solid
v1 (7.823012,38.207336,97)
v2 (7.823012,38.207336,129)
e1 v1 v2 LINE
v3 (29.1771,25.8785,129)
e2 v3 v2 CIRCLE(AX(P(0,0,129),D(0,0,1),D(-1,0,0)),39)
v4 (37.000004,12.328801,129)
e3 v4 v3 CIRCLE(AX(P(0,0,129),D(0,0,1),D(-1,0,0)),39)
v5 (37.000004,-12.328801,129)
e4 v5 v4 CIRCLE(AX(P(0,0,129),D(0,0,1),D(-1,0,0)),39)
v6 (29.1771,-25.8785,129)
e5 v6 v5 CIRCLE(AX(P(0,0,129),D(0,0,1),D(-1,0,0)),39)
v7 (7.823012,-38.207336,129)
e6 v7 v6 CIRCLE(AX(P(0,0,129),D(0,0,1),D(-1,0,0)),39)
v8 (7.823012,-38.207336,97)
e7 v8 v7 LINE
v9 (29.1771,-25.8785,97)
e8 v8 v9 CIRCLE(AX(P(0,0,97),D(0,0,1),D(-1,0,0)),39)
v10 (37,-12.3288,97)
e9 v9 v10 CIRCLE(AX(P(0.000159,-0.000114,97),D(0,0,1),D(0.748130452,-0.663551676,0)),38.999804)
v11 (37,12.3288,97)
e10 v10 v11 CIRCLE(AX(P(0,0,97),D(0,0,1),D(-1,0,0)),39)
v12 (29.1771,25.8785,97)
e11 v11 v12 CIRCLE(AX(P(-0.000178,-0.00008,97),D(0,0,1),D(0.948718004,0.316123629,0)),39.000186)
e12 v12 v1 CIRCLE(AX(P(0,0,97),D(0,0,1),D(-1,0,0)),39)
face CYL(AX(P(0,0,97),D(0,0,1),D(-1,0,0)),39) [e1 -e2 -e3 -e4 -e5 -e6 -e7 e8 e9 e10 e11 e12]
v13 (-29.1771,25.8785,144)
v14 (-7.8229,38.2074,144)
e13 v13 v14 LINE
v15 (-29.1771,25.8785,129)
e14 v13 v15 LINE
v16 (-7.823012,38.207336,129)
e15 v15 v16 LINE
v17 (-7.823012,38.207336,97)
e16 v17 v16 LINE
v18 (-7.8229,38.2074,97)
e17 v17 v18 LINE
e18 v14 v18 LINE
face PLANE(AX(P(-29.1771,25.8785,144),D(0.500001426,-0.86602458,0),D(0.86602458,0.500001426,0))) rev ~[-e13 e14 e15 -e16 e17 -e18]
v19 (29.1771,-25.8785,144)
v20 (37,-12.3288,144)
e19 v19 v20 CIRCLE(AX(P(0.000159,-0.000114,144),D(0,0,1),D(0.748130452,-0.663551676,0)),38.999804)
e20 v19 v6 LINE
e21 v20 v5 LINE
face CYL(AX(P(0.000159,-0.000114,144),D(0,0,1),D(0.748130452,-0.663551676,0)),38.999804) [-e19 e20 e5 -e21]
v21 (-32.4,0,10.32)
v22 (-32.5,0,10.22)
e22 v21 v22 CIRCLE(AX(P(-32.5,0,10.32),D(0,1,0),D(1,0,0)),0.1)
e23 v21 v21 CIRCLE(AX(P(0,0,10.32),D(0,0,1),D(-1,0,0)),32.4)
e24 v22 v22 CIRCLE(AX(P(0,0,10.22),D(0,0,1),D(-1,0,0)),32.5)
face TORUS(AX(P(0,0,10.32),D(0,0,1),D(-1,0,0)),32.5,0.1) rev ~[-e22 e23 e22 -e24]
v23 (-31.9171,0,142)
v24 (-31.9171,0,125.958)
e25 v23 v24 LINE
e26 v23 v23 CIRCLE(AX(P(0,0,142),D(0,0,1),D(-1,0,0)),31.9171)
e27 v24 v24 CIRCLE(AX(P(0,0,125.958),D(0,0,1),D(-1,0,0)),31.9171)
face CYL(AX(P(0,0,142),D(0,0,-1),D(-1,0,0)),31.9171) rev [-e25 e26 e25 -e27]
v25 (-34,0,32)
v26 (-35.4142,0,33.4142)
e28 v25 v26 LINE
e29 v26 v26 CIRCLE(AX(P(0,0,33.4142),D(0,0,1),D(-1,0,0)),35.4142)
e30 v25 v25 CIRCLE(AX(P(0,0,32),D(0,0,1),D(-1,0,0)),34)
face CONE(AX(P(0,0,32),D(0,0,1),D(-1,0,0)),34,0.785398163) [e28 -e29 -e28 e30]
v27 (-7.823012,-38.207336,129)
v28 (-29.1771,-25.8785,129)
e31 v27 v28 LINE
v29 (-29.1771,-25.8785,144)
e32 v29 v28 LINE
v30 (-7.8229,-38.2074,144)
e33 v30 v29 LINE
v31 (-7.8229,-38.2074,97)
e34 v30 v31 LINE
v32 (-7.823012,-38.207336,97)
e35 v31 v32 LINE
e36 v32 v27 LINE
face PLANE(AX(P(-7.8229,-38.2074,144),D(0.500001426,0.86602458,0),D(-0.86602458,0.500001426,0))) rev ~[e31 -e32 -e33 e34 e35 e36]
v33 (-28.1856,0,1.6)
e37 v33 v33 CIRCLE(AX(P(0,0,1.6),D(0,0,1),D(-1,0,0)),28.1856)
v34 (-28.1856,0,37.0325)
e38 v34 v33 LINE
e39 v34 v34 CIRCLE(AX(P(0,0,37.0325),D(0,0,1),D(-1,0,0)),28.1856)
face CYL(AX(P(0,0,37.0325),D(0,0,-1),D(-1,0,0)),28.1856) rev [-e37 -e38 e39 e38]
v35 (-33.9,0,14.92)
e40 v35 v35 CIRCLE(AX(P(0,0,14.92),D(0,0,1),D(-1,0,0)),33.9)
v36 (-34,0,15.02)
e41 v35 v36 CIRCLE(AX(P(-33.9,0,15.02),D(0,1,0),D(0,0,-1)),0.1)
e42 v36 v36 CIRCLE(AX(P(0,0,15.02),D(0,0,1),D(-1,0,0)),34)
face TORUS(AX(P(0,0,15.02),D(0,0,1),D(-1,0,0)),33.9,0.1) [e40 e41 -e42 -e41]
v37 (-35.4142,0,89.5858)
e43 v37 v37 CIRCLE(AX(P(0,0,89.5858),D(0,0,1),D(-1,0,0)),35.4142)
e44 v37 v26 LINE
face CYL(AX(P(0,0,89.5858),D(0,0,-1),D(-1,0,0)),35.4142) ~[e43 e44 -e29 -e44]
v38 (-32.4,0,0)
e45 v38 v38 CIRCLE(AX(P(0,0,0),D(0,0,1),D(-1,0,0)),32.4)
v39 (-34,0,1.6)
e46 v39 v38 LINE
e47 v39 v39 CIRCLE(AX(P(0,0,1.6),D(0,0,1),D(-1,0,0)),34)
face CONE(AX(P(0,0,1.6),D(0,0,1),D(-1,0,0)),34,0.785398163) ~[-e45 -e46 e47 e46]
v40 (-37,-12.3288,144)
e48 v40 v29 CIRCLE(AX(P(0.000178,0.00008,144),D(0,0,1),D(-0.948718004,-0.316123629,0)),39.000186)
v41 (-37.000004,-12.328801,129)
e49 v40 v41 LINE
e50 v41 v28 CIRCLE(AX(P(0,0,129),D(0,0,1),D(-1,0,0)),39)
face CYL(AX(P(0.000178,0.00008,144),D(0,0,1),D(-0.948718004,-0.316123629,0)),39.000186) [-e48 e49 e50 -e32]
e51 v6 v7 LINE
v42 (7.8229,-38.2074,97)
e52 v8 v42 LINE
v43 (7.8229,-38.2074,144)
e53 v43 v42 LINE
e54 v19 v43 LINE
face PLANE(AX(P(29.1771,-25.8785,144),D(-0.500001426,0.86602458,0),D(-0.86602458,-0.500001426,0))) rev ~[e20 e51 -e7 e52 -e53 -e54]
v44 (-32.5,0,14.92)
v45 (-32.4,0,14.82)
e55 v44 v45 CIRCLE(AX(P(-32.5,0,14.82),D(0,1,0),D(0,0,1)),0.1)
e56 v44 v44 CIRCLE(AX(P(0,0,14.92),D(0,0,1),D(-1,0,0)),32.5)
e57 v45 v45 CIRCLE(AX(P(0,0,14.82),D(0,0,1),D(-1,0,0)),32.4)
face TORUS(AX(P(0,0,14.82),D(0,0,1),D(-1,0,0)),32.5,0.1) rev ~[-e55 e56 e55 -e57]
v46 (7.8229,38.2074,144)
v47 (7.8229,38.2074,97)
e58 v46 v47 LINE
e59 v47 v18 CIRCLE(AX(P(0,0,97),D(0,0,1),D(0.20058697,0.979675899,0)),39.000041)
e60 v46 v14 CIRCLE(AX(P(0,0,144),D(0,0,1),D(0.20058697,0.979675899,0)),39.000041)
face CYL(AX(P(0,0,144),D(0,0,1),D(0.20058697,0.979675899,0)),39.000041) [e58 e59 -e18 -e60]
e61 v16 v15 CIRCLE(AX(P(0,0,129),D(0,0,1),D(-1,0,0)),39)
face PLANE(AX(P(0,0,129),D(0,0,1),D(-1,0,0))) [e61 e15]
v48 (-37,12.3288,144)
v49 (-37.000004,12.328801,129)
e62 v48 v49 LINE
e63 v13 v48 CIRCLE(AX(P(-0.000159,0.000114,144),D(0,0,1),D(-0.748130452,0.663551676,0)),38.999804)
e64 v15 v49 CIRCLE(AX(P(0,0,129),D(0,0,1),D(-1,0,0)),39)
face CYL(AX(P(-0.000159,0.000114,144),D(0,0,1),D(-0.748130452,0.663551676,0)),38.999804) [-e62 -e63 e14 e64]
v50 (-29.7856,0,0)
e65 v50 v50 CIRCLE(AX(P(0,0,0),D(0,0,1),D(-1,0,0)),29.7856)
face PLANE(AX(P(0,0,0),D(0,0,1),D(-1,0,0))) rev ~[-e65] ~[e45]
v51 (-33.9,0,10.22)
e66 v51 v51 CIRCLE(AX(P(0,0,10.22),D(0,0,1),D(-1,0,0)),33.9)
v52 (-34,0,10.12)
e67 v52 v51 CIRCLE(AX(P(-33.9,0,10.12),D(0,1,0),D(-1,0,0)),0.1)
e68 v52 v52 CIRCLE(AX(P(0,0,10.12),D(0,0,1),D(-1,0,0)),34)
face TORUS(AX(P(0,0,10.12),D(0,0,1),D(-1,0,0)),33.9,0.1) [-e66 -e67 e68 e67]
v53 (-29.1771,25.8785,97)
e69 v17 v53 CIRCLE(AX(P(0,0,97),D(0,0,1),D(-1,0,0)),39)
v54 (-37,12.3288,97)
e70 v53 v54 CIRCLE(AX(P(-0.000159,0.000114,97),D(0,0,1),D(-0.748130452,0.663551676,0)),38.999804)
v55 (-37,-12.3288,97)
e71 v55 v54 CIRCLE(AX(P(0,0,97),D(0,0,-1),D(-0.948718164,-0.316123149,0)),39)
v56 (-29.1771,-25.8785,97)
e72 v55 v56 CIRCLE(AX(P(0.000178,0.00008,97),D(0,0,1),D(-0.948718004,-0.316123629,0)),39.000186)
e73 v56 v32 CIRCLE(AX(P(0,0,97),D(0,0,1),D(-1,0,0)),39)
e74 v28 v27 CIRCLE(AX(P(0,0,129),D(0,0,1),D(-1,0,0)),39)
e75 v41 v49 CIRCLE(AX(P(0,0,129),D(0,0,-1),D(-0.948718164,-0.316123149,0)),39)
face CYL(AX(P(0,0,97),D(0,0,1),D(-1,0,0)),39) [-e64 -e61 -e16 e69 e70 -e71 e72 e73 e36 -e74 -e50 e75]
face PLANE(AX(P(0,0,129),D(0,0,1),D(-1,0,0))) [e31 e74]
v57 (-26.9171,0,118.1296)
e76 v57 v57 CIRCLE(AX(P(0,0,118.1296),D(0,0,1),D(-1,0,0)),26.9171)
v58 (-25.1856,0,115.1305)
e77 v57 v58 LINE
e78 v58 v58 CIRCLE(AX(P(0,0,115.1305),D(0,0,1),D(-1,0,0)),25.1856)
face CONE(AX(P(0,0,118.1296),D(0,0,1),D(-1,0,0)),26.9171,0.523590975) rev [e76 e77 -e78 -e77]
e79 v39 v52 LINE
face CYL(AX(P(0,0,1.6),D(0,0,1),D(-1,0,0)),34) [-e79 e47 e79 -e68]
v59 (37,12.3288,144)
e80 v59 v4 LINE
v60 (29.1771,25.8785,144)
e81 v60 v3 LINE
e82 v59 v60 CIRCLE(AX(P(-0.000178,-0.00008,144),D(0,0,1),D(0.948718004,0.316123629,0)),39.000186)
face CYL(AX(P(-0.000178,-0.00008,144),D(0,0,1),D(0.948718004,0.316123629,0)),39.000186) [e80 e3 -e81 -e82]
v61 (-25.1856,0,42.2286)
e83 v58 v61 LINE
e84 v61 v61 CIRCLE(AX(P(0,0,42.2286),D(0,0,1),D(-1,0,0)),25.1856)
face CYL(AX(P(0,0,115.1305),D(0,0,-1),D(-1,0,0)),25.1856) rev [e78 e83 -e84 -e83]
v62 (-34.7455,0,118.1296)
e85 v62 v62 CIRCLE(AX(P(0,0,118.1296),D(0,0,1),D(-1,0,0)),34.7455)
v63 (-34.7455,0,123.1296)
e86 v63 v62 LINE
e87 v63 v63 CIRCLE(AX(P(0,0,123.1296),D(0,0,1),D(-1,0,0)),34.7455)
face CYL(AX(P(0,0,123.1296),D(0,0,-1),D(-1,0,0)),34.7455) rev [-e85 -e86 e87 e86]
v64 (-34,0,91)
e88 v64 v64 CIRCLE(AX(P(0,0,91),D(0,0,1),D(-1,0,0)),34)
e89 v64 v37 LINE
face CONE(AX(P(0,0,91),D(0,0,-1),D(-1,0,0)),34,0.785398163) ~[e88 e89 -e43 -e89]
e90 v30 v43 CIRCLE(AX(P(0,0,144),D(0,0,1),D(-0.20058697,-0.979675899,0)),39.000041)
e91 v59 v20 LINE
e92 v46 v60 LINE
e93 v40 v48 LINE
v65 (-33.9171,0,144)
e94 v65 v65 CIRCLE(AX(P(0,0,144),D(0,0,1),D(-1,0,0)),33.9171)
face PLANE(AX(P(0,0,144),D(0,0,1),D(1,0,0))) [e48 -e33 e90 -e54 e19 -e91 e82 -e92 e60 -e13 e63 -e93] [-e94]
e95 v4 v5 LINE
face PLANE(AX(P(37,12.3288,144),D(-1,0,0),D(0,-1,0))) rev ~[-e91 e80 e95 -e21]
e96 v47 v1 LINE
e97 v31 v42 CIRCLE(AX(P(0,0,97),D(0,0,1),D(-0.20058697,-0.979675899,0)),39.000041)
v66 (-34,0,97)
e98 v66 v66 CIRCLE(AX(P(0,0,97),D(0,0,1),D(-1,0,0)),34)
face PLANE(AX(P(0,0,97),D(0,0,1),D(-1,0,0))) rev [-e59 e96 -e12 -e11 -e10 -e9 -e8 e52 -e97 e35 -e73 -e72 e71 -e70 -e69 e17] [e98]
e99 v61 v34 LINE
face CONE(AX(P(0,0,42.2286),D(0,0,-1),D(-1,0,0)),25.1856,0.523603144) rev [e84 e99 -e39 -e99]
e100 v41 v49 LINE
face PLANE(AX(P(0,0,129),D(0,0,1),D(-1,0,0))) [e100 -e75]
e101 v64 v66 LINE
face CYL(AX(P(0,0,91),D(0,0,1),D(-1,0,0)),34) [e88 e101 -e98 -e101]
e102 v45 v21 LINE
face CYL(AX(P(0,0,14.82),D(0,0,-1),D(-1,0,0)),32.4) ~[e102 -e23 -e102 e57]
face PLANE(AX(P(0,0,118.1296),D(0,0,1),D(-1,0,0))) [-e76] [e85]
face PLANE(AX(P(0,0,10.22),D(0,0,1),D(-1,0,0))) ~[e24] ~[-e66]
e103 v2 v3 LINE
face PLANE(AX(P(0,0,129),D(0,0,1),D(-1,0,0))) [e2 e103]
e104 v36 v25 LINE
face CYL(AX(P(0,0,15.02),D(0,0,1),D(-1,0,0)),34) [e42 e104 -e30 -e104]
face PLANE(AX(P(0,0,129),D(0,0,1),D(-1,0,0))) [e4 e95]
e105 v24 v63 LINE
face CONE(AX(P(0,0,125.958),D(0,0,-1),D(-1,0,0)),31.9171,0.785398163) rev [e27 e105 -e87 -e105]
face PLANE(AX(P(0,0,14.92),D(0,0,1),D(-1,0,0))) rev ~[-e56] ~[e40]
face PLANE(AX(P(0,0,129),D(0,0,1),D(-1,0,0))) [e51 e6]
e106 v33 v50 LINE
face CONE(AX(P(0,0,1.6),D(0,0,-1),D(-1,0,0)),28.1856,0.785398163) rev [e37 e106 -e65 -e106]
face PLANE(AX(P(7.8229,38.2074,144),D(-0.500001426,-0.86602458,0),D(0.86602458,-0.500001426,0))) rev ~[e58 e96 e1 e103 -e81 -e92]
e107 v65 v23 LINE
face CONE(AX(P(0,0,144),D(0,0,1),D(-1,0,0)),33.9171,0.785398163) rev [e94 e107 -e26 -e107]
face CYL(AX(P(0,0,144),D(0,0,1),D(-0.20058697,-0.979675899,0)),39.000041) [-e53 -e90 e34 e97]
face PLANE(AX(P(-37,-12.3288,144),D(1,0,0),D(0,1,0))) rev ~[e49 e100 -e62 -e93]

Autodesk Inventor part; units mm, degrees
ref_plane "YZ Plane" through (0, 0, 0) normal (1, 0, 0) x (0, 1, 0)
ref_plane "XZ Plane" through (0, 0, 0) normal (0, 1, 0) x (-1, 0, 0)
ref_plane "XY Plane" through (0, 0, 0) normal (0, 0, 1) x (1, 0, 0)
sketch "Sketch1" plane through (0, 0, 0) normal (0, 1, 0) x (-1, 0, 0)
  line L0 (34, 0) -> (64.4, 0) construction
  line L1 (34, 32) -> (36, 32) construction
  line L2 (34, 91) -> (34, 97)
  line L3 (34, 97) -> (34, 91)
  line L4 (34, 91) -> (35.4142, 89.5858)
  line L5 (35.4142, 89.5858) -> (35.4142, 89.5858)
  line L6 (35.4142, 89.5858) -> (35.4142, 33.4142)
  line L7 (34, 97) -> (39, 97)
  line L8 (34, 97) -> (39, 97) construction
  line L9 (39, 97) -> (39, 129)
  line L10 (39, 129) -> (36, 129)
  line L11 (36, 129) -> (36, 144)
  line L12 (33.9171, 144) -> (36, 144)
  line L13 (31.9171, 142) -> (31.9171, 125.958)
  line L14 (31.9171, 144) -> (47.9592, 144) construction
  line L15 (31.9171, 125.958) -> (34.7455, 123.1296)
  line L16 (31.9171, 125.958) -> (35.9171, 125.958) construction
  line L17 (34.7455, 123.1296) -> (34.7455, 118.1296)
  line L18 (34.7455, 118.1296) -> (26.9171, 118.1296)
  line L19 (26.9171, 118.1296) -> (25.1856, 115.1305)
  line L20 (26.9171, 118.1296) -> (30.3802, 118.1296) construction
  line L21 (25.1856, 42.2286) -> (28.1856, 37.0325)
  line L22 (25.1856, 42.2286) -> (31.1856, 42.2286) construction
  line L23 (28.1856, 37.0325) -> (28.1856, 1.6)
  line L24 (32.4, 0) -> (29.7856, 0)
  line L25 (28.1856, 1.6) -> (29.7856, 0)
  line L26 (34, 1.6) -> (32.4, 0)
  line L27 (33.9171, 144) -> (31.9171, 142)
  line L28 (33.9, 14.92) -> (32.5, 14.92)
  line L29 (32.4, 14.82) -> (32.4, 10.32)
  line L30 (32.5, 10.22) -> (33.9, 10.22)
  line L31 (34, 1.6) -> (34, 10.12)
  arc A0 (32.5, 14.92) -> (32.4, 14.82) centre (32.5, 14.82) ccw
  arc A1 (32.4, 10.32) -> (32.5, 10.22) centre (32.5, 10.32) ccw
  arc A2 (33.9, 14.92) -> (34, 15.02) centre (33.9, 15.02) ccw
  arc A3 (34, 10.12) -> (33.9, 10.22) centre (33.9, 10.12) ccw
  line L32 (34, 15.02) -> (34, 32)
  line L33 (34, 32) -> (35.4142, 33.4142)
  line L34 (25.1856, 115.1305) -> (25.1856, 42.2286)
  line L35 (0, -28.8) -> (0, 172.8001) projected
  point P0 (0, 0)
  point P1 (28.1856, 0)
  point P2 (32.4, 14.92)
  point P3 (32.4, 10.22)
  dimension "d2" = 32
  dimension "d4" = 2
  dimension "d8" = 65
  dimension "d12" = 5
  dimension "d14" = 32
  dimension "d16" = 90
  dimension "d18" = 90
  dimension "d22" = 90
  dimension "d23" = 4
  dimension "d24" = 45
  dimension "d25" = 5
  dimension "d26" = 135
  dimension "d28" = 120
  dimension "d30" = 6
  dimension "d31" = 60
  dimension "d32" = 150
  dimension "d33" = 1.6
  dimension "d34" = 1.6
  dimension "d35" = 1.6
  dimension "d36" = 1.6
  dimension "d37" = 2
  dimension "d38" = 2
  dimension "d39" = 4.7
  dimension "d41" = 90
  dimension "d42" = 0.1
revolve "Revolution1" add sketch "Sketch1" angle 360 about axis through (0, 0, -10) along (0, 0, 1)
thread "Thread1" size "M72x3" class "6g" standard "ANSI Metric M Profile" full length
thread "Thread2" size "M64x2" class "6H" standard "ANSI Metric M Profile" full length
sketch "Sketch2" plane through (0, 0, 144) normal (0, 0, 1) x (1, 0, 0)
  line L0 (29.1771, -25.8785) -> (7.8229, -38.2074)
  line L1 (-7.8229, -38.2074) -> (-29.1771, -25.8785)
  line L2 (-37, -12.3288) -> (-37, 12.3288)
  line L3 (-29.1771, 25.8785) -> (-7.8229, 38.2074)
  line L4 (7.8229, 38.2074) -> (29.1771, 25.8785)
  line L5 (37, 12.3288) -> (37, -12.3288)
  arc A0 (29.1771, -25.8785) -> (37, -12.3288) centre (0, 0) ccw
  arc A1 (37, 12.3288) -> (29.1771, 25.8785) centre (0, 0) ccw
  arc A2 (7.8229, 38.2074) -> (-7.8229, 38.2074) centre (0, 0) ccw
  arc A3 (-29.1771, 25.8785) -> (-37, 12.3288) centre (0, 0) ccw
  arc A4 (-37, -12.3288) -> (-29.1771, -25.8785) centre (0, 0) ccw
  arc A5 (-7.8229, -38.2074) -> (7.8229, -38.2074) centre (0, 0) ccw
  circle A6 centre (0, 0) radius 36
  dimension "d48" = 74
extrude "Extrusion1" add sketch "Sketch2" against normal blind 47
equation "\"d34\" = d33"
equation "\"d35\" = d33"
equation "\"d36\" = d35"
equation "\"d38\" = d37"
properties part number "Переводник"
